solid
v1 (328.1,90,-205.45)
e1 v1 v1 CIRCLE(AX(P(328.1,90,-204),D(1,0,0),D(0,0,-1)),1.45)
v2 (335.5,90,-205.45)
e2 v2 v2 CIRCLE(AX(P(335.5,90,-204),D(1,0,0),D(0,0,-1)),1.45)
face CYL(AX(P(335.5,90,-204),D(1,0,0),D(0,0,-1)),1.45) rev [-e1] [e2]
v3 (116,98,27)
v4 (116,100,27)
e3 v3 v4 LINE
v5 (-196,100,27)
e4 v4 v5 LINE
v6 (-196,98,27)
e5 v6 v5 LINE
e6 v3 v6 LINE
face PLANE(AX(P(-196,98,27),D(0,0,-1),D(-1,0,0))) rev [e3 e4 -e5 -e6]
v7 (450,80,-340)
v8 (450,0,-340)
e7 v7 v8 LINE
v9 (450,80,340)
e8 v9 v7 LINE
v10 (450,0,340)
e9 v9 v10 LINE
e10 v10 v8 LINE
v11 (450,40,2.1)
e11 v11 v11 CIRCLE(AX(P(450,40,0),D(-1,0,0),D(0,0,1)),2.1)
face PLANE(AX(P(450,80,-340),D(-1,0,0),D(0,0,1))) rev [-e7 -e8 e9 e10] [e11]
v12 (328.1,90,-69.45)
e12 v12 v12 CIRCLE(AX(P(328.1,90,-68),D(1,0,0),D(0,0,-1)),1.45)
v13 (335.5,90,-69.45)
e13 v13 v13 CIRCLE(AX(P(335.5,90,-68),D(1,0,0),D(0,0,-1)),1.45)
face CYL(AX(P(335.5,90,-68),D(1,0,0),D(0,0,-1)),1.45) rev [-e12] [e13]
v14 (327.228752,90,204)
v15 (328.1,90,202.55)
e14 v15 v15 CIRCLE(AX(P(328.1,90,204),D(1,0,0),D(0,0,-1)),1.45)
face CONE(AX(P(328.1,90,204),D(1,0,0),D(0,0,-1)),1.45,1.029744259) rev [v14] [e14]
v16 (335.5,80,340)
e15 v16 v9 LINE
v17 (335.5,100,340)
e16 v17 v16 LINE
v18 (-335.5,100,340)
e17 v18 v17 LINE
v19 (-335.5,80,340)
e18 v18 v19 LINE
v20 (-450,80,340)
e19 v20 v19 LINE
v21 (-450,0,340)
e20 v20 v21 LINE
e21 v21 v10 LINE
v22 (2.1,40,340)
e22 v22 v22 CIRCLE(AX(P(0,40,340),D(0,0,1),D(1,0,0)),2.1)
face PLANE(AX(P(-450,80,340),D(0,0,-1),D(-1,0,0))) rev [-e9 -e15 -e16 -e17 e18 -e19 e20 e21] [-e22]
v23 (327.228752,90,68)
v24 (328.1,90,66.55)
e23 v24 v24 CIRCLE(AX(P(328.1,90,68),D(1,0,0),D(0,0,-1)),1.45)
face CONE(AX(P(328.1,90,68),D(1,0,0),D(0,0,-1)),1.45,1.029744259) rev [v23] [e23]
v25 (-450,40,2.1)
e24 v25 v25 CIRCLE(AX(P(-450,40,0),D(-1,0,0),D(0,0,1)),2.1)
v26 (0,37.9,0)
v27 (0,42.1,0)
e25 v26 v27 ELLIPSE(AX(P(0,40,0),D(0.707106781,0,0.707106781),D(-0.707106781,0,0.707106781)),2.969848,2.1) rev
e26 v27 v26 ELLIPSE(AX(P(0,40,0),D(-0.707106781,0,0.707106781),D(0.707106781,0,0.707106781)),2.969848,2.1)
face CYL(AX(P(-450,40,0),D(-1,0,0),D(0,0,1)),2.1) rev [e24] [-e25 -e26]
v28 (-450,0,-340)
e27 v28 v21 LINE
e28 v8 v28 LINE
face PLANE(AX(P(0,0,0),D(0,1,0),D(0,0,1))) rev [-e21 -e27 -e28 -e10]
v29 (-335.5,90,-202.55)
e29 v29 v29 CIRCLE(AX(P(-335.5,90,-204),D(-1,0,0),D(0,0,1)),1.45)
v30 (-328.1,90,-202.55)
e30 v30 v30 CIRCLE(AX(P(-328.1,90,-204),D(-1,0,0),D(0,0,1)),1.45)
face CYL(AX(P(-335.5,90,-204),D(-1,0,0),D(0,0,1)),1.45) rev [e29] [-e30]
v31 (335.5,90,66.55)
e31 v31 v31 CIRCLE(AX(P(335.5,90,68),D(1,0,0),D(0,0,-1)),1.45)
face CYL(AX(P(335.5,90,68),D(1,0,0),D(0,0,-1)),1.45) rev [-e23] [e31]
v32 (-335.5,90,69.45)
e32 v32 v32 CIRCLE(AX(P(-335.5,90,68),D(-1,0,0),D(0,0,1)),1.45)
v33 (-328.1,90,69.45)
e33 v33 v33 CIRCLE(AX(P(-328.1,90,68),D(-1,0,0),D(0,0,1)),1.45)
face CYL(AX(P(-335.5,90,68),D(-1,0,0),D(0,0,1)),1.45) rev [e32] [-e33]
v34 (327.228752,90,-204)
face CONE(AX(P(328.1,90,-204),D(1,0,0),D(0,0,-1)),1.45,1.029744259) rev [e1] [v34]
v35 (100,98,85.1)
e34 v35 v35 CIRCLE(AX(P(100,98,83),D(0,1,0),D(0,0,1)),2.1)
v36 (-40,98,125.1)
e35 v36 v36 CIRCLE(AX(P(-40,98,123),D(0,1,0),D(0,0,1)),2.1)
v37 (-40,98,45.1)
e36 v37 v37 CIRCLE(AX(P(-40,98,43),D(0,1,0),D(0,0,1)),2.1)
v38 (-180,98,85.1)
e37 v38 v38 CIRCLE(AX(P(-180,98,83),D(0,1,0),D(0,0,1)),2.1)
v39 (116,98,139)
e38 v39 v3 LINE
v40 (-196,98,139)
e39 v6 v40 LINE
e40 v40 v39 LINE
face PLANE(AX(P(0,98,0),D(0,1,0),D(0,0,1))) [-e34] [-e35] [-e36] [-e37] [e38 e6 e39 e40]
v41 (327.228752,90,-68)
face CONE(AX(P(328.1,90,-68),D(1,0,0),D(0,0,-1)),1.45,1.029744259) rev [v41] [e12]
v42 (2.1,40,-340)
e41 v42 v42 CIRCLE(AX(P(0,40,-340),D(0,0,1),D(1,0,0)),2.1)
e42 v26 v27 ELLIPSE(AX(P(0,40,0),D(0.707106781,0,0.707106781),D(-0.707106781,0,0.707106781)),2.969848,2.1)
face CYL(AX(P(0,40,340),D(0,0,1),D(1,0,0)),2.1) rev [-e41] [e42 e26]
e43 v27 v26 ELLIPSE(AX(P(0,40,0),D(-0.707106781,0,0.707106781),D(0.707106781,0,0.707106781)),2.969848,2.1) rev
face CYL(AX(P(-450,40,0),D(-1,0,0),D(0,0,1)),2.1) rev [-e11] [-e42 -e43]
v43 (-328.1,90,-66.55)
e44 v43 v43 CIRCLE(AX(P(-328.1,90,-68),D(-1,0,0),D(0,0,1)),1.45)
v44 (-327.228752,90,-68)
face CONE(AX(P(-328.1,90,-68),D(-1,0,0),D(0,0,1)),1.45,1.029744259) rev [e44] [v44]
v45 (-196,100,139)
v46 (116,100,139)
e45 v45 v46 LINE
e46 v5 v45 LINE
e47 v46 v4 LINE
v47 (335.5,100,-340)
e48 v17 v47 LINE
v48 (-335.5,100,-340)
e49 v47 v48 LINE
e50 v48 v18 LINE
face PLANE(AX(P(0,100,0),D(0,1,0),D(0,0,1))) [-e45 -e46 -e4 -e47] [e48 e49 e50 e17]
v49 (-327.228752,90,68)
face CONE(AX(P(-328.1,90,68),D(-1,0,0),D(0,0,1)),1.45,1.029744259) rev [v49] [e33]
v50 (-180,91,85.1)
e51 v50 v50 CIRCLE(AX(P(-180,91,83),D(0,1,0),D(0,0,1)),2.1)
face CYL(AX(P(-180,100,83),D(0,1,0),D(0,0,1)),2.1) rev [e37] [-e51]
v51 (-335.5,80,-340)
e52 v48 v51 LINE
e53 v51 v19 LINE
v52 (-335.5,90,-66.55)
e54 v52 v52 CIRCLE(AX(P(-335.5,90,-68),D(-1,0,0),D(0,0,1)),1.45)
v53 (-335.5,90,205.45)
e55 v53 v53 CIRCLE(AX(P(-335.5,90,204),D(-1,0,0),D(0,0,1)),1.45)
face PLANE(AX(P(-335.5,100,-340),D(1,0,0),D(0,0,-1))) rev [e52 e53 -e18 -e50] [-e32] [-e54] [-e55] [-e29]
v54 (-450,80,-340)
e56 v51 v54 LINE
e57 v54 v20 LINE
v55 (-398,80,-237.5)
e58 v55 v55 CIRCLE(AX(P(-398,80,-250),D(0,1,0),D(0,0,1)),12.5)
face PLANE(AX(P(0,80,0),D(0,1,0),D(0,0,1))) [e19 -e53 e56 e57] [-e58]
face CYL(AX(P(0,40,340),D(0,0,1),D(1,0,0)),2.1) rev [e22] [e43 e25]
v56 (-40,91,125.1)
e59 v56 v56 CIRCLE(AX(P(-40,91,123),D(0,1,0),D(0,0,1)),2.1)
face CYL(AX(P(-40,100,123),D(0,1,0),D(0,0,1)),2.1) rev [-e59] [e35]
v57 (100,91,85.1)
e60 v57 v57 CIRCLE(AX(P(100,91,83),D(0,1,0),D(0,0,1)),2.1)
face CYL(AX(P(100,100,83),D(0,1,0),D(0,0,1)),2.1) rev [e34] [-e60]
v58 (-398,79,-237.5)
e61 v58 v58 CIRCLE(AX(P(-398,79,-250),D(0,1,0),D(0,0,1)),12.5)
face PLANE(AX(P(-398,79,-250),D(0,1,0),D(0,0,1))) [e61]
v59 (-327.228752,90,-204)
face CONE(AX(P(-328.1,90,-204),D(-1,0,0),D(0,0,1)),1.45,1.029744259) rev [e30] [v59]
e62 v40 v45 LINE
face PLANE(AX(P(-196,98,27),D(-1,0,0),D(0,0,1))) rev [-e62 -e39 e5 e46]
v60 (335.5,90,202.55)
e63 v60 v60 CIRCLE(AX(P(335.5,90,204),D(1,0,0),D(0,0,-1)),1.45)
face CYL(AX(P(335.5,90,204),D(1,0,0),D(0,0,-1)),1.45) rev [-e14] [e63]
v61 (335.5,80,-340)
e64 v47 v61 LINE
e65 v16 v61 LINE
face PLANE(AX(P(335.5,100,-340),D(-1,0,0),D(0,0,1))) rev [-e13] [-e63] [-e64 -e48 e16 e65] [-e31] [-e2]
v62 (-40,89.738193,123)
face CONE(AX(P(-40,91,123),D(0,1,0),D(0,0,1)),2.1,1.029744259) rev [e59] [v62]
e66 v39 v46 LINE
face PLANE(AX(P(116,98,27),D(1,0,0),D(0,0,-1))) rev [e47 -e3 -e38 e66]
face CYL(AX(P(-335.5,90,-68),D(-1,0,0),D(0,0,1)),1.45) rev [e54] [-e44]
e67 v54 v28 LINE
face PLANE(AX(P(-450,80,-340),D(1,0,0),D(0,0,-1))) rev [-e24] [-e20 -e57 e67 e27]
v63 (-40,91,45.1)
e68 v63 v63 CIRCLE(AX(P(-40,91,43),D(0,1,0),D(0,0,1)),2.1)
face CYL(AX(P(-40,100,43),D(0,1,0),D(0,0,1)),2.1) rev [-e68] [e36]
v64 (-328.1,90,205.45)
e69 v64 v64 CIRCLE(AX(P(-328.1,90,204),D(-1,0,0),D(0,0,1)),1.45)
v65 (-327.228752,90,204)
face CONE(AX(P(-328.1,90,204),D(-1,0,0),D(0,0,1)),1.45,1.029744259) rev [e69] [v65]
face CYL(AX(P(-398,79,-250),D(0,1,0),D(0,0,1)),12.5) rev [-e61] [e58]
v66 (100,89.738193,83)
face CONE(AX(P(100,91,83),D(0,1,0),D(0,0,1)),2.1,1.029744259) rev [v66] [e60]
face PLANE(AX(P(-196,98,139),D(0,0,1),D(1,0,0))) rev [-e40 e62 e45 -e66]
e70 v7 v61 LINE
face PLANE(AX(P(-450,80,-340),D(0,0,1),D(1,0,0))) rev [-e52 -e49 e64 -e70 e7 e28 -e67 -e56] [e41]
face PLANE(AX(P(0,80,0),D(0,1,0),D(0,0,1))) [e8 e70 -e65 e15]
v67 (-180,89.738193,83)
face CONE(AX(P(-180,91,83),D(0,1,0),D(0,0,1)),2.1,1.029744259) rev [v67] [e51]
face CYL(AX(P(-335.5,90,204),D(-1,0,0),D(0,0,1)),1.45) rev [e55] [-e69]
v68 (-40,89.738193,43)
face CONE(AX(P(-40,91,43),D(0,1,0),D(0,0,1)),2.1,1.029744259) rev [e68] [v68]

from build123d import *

# Parameters (mm, degrees)
SKETCH_1_W                    = 900
SKETCH_1_H                    = 680
EXTRUDE_1_DEPTH               = 80
SKETCH_2_W                    = 671
SKETCH_2_H                    = 680
EXTRUDE_2_DEPTH               = 20
SKETCH_4_W                    = 312
SKETCH_4_H                    = 112
CUT_EXTRUDE_1_DEPTH           = 2
HOLE_WIZARD_M5_1_D            = 4.2
HOLE_WIZARD_M5_1_DEPTH        = 9
HOLE_WIZARD_M5_1_TIP          = 1.2618073
HOLE_WIZARD_M5_2_D            = 4.2
HOLE_WIZARD_M5_3_D            = 4.2
SKETCH_15_R                   = 12.5
CUT_EXTRUDE_2_DEPTH           = 1
HOLE_WIZARD_M3_5_1_AT_2_COUNT = 2
HOLE_WIZARD_M3_5_1_AT_2_PITCH = 136
HOLE_WIZARD_M3_5_1_AT_3_COUNT = 2
HOLE_WIZARD_M3_5_1_AT_3_PITCH = 272
HOLE_WIZARD_M3_5_1_AT_4_COUNT = 2
HOLE_WIZARD_M3_5_1_AT_4_PITCH = 408


with BuildPart() as part:
    # 草图1 → 凸台-拉伸1 (new body)
    with BuildSketch(Plane(origin=(0, 0, 0), x_dir=(1, 0, 0), z_dir=(0, 1, 0))):
        Rectangle(SKETCH_1_W, SKETCH_1_H)
    extrude(amount=EXTRUDE_1_DEPTH)

    # 草图2 → 凸台-拉伸2 (add)
    with BuildSketch(Plane(origin=(0, 80, 0), x_dir=(1, 0, 0), z_dir=(0, 1, 0))):
        Rectangle(SKETCH_2_W, SKETCH_2_H)
    extrude(amount=EXTRUDE_2_DEPTH)

    # 草图4 → 切除-拉伸1 (cut)
    with BuildSketch(Plane(origin=(0, 100, 0), x_dir=(1, 0, 0), z_dir=(0, 1, 0))):
        with Locations((-40, -83)):
            Rectangle(SKETCH_4_W, SKETCH_4_H)
    extrude(amount=-CUT_EXTRUDE_1_DEPTH, mode=Mode.SUBTRACT)

    # M5 螺纹孔1
    with Locations(Plane(origin=(0, 100, 0), x_dir=(1, 0, 0), z_dir=(0, 1, 0))):
        with Locations((-180, -83), (-40, -43), (-40, -123), (100, -83)):
            Hole(HOLE_WIZARD_M5_1_D / 2, depth=HOLE_WIZARD_M5_1_DEPTH)
            with Locations((0, 0, -(HOLE_WIZARD_M5_1_DEPTH + HOLE_WIZARD_M5_1_TIP / 2))):  # 118° drill point
                Cone(0, HOLE_WIZARD_M5_1_D / 2, HOLE_WIZARD_M5_1_TIP, mode=Mode.SUBTRACT)

    # M5 螺纹孔2 (through all)
    with Locations(Plane.XY.offset(340)):
        with Locations((0, 40)):
            Hole(HOLE_WIZARD_M5_2_D / 2)

    # M5 螺纹孔3 (through all)
    with Locations(Plane.ZY.offset(450)):
        with Locations((0, 40)):
            Hole(HOLE_WIZARD_M5_3_D / 2)

    # 草图15 → 切除-拉伸2 (cut)
    with BuildSketch(Plane(origin=(0, 80, 0), x_dir=(1, 0, 0), z_dir=(0, 1, 0))):
        with Locations(Location((-398, 250, 0), (0, 0, 270))):
            Circle(SKETCH_15_R)
    extrude(amount=-CUT_EXTRUDE_2_DEPTH, mode=Mode.SUBTRACT)

    # 草图19 → M3.5 螺纹孔1 (revolve, cut)
    with BuildSketch(Plane(origin=(-335.5, 90, -204), x_dir=(0, 0, 1), z_dir=(0, 1, 0))):
        Polygon((0, 0), (0, 8.271247898), (1.45, 7.4), (1.45, 0), align=None)
    hole_wizard_m3_5_1 = revolve(axis=Axis((-341.85, 90, -204), (1, 0, 0)), mode=Mode.SUBTRACT)

    # M3.5 螺纹孔1 at 2: M3.5 螺纹孔1 ×2
    with Locations(*[(0, 0, i * HOLE_WIZARD_M3_5_1_AT_2_PITCH) for i in range(1, HOLE_WIZARD_M3_5_1_AT_2_COUNT)]):
        add(hole_wizard_m3_5_1, mode=Mode.SUBTRACT)

    # M3.5 螺纹孔1 at 3: M3.5 螺纹孔1 ×2
    with Locations(*[(0, 0, i * HOLE_WIZARD_M3_5_1_AT_3_PITCH) for i in range(1, HOLE_WIZARD_M3_5_1_AT_3_COUNT)]):
        add(hole_wizard_m3_5_1, mode=Mode.SUBTRACT)

    # M3.5 螺纹孔1 at 4: M3.5 螺纹孔1 ×2
    with Locations(*[(0, 0, i * HOLE_WIZARD_M3_5_1_AT_4_PITCH) for i in range(1, HOLE_WIZARD_M3_5_1_AT_4_COUNT)]):
        add(hole_wizard_m3_5_1, mode=Mode.SUBTRACT)

    # 镜向1: M3.5 螺纹孔1 across plane
    add(hole_wizard_m3_5_1.mirror(Plane(origin=(0, 0, 0), x_dir=(0, 0, 1), z_dir=(1, 0, 0))), mode=Mode.SUBTRACT)

    # 镜向1 copy 1 sketch → 镜向1 copy 1 (revolve, cut)
    with BuildSketch(Plane(origin=(335.5, 90, -68), x_dir=(0, 0, 1), z_dir=(0, 1, 0))):
        Polygon((0, 0), (0, -8.271247898), (1.45, -7.4), (1.45, 0), align=None)
    revolve(axis=Axis((341.85, 90, -68), (1, 0, 0)), mode=Mode.SUBTRACT)

    # 镜向1 copy 2 sketch → 镜向1 copy 2 (revolve, cut)
    with BuildSketch(Plane(origin=(335.5, 90, 68), x_dir=(0, 0, 1), z_dir=(0, 1, 0))):
        Polygon((0, 0), (0, -8.271247898), (1.45, -7.4), (1.45, 0), align=None)
    revolve(axis=Axis((341.85, 90, 68), (1, 0, 0)), mode=Mode.SUBTRACT)

    # 镜向1 copy 3 sketch → 镜向1 copy 3 (revolve, cut)
    with BuildSketch(Plane(origin=(335.5, 90, 204), x_dir=(0, 0, 1), z_dir=(0, 1, 0))):
        Polygon((0, 0), (0, -8.271247898), (1.45, -7.4), (1.45, 0), align=None)
    revolve(axis=Axis((341.85, 90, 204), (1, 0, 0)), mode=Mode.SUBTRACT)


solid = part.part
